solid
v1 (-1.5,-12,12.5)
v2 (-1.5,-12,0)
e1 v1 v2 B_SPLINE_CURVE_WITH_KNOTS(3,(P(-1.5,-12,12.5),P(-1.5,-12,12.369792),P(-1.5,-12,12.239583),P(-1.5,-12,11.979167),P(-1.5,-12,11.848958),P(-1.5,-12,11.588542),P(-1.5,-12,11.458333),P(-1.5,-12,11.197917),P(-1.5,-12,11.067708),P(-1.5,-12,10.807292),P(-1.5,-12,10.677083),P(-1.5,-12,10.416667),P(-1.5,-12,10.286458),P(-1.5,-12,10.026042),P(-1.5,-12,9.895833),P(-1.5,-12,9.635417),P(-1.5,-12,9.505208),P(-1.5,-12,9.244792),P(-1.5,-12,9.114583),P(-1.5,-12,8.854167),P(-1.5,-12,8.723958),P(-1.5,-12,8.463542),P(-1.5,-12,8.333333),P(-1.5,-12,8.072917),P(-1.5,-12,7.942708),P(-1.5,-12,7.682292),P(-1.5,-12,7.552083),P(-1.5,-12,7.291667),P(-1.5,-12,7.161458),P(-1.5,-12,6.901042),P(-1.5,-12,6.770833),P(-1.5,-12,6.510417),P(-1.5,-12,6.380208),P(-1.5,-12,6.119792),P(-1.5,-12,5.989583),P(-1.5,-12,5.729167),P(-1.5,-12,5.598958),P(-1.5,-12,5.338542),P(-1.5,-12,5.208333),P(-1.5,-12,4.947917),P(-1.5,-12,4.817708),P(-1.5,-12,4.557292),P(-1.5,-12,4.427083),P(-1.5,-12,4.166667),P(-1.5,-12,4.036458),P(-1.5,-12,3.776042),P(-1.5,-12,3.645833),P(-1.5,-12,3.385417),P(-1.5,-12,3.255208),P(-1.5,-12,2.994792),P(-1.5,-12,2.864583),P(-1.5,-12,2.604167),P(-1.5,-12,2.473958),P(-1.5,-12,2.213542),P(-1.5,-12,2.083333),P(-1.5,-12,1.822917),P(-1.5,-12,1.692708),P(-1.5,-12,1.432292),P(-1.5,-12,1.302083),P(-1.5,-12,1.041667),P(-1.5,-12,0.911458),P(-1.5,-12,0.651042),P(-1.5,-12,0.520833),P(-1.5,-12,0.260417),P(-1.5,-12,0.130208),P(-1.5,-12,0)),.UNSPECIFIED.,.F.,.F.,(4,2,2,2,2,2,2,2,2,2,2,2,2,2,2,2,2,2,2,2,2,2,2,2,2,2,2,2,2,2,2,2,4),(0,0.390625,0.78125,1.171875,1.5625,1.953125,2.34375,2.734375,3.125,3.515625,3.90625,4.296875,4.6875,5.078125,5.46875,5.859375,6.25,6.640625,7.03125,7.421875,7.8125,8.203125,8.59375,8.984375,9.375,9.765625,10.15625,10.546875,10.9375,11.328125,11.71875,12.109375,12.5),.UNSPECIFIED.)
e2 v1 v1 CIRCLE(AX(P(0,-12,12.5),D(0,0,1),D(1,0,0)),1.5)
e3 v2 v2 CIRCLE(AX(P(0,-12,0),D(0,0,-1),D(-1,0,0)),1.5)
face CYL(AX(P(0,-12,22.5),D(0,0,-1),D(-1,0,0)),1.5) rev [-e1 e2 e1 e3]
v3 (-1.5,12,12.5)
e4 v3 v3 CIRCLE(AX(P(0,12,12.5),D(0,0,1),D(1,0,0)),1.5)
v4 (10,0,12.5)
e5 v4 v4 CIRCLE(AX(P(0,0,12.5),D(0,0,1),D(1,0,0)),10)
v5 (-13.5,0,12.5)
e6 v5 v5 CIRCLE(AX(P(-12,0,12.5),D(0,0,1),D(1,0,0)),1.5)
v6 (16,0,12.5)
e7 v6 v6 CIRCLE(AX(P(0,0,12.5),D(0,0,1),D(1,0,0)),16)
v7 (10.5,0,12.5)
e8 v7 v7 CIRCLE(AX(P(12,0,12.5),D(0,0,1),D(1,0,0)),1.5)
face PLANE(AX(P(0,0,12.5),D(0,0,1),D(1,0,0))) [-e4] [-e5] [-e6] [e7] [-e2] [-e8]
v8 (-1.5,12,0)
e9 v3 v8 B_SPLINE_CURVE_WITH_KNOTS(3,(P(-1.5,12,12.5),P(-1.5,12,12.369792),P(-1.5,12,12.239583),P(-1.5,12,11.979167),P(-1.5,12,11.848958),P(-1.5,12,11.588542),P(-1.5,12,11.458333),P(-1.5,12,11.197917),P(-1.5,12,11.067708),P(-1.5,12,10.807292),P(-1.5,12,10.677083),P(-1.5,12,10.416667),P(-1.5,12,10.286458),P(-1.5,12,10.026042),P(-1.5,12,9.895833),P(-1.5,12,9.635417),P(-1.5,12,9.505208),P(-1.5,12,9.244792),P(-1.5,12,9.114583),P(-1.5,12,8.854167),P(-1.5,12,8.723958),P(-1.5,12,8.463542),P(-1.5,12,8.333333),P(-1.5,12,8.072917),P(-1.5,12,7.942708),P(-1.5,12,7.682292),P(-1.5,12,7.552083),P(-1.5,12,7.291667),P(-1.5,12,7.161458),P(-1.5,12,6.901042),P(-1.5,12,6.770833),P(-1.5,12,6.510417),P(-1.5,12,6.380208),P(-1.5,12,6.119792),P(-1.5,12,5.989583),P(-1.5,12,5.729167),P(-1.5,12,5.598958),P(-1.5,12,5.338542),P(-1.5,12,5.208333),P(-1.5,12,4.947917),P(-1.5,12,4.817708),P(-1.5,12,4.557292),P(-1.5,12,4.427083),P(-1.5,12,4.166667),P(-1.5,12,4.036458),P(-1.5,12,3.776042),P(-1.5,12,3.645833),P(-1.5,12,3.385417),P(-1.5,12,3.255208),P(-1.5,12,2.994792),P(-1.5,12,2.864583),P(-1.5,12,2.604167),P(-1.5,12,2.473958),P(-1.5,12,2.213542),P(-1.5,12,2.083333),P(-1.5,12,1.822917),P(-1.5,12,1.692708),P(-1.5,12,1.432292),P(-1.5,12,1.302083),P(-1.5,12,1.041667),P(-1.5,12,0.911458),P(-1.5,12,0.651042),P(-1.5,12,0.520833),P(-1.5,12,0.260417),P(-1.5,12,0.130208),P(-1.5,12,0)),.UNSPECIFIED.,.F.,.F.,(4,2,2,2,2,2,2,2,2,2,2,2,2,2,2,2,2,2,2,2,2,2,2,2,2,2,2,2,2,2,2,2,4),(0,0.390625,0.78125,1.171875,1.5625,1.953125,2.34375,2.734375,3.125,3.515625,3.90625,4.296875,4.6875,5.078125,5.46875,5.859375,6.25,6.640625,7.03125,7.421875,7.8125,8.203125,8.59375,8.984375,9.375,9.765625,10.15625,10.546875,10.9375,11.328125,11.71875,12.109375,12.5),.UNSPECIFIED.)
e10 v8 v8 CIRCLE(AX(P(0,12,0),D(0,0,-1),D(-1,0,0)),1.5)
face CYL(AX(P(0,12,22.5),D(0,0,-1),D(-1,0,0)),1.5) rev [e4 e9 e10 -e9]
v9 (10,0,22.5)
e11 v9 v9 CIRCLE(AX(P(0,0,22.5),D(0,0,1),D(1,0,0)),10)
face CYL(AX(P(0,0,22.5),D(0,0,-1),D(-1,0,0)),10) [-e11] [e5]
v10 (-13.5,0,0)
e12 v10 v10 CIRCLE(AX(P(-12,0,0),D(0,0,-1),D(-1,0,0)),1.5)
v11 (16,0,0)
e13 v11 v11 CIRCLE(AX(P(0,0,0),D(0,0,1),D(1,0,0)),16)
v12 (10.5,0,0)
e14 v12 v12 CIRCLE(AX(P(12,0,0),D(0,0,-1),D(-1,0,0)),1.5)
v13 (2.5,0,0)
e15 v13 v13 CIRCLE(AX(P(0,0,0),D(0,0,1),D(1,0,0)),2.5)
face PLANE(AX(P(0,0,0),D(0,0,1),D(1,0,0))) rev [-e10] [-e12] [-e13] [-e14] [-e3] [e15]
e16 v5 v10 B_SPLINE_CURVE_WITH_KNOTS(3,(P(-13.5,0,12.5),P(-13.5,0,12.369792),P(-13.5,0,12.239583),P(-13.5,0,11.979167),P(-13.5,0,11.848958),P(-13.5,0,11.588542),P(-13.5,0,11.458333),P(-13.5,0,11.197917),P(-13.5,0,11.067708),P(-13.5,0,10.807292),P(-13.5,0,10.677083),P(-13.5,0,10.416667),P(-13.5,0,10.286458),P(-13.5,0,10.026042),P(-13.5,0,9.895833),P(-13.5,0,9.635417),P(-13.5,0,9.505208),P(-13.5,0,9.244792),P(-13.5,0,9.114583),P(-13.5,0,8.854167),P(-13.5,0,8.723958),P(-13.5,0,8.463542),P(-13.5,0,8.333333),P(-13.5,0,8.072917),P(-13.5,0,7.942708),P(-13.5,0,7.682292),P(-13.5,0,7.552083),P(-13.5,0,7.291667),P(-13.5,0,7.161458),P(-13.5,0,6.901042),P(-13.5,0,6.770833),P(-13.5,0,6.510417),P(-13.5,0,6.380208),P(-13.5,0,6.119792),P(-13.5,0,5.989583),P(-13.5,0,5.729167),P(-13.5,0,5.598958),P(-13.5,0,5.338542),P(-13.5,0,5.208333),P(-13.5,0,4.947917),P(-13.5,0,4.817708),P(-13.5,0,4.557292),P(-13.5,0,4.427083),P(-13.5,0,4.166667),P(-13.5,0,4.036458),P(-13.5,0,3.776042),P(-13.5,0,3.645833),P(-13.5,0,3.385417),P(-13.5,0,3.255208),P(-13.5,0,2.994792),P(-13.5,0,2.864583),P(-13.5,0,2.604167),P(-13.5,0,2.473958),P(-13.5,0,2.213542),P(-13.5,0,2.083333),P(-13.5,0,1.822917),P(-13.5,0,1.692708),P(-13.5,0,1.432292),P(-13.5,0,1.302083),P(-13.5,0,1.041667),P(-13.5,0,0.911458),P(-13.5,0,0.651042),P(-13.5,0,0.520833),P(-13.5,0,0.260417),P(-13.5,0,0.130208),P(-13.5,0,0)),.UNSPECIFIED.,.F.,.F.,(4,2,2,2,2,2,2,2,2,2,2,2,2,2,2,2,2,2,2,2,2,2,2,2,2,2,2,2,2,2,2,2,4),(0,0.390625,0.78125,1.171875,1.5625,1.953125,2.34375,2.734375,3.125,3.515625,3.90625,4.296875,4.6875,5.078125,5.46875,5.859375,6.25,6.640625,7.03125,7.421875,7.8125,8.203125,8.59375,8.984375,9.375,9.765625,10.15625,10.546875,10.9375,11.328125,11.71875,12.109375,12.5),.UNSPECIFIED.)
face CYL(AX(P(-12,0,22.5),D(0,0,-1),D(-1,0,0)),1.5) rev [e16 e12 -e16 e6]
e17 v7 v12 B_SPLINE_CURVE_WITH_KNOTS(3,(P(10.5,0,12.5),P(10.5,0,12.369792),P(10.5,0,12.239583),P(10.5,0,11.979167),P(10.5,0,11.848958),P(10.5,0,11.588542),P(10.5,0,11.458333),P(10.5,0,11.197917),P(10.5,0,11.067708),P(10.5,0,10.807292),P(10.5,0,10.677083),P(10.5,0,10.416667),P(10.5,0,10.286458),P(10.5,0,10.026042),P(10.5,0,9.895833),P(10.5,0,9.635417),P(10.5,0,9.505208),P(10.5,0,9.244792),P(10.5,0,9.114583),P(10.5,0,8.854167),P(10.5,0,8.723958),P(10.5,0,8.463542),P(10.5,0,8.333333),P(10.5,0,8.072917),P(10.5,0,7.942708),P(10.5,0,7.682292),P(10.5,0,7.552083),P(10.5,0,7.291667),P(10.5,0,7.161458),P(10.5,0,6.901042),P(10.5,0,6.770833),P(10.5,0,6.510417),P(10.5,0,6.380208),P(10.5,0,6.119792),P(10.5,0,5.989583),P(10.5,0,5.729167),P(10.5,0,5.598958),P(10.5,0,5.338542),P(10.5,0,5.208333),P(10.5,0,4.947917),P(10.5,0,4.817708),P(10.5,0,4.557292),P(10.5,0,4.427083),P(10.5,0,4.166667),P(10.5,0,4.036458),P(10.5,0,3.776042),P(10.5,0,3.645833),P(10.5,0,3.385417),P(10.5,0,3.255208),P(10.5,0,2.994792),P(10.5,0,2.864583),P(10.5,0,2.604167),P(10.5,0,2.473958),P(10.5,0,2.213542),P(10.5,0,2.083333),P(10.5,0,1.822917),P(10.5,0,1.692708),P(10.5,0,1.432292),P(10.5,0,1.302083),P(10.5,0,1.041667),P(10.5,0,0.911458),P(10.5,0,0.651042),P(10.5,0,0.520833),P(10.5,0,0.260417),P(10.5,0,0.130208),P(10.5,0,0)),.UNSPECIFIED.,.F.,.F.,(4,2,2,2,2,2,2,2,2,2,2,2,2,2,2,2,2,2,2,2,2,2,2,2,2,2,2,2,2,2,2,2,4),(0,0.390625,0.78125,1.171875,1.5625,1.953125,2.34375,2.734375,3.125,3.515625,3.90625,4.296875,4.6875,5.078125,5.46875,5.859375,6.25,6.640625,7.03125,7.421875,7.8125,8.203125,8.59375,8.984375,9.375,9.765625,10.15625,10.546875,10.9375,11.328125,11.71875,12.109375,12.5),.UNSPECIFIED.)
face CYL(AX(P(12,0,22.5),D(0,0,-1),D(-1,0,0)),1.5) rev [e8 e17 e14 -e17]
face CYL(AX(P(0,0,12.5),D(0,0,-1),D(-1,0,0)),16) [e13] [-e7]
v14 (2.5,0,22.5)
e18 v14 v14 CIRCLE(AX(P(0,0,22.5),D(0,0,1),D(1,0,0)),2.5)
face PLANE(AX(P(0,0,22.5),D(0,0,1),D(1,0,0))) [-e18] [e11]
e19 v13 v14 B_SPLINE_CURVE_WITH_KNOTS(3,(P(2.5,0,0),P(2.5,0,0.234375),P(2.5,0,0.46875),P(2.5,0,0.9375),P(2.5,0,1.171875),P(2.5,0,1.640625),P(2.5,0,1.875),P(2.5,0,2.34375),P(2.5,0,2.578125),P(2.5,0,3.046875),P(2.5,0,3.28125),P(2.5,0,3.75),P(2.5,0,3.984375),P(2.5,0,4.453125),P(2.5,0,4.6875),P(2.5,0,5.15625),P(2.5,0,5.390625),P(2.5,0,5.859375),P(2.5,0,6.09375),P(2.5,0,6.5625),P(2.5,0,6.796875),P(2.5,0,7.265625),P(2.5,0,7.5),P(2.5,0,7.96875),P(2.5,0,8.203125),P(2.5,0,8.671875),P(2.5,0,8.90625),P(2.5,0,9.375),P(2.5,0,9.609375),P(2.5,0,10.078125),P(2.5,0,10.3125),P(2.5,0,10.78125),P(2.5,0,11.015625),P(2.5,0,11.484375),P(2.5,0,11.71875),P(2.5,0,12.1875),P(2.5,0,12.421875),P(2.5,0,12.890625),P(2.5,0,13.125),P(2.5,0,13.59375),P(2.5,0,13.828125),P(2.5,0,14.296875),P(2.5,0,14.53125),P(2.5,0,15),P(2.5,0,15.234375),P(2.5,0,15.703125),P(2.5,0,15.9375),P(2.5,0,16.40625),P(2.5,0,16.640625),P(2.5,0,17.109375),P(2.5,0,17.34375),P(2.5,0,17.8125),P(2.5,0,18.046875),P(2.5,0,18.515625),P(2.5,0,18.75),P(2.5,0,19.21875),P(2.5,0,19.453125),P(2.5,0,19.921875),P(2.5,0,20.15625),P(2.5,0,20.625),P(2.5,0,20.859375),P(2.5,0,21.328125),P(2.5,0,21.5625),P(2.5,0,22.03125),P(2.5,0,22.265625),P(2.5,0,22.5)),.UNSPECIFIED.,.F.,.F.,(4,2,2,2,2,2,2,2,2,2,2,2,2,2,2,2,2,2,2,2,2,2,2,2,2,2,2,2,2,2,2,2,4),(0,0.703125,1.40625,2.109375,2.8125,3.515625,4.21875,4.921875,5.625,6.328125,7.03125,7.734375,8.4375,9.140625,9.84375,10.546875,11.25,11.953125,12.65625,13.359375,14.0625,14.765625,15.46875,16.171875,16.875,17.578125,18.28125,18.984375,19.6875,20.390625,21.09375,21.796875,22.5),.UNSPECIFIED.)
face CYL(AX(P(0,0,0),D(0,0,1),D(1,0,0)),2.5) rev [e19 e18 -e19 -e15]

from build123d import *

# Parameters (mm, degrees)
SKETCH_1_R          = 16
EXTRUDE_1_DEPTH     = 12.5
SKETCH_2_R          = 10
EXTRUDE_2_DEPTH     = 10
SKETCH_3_R          = 2.5
CUT_EXTRUDE_1_DEPTH = 32.910029771
SKETCH_4_R          = 1.5
CUT_EXTRUDE_2_DEPTH = 32.910029771


with BuildPart() as part:
    # 草图1 → 凸台-拉伸1 (new body)
    with BuildSketch(Plane.XY):
        Circle(SKETCH_1_R)
    extrude(amount=EXTRUDE_1_DEPTH)

    # 草图2 → 凸台-拉伸2 (add)
    with BuildSketch(Plane.XY.offset(12.5)):
        Circle(SKETCH_2_R)
    extrude(amount=EXTRUDE_2_DEPTH)

    # 草图3 → 切除-拉伸1 (cut, through all)
    with BuildSketch(Plane.XY.offset(22.5)):
        Circle(SKETCH_3_R)
    extrude(amount=-CUT_EXTRUDE_1_DEPTH, mode=Mode.SUBTRACT)

    # 草图4 → 切除-拉伸2 (cut, through all)
    with BuildSketch(Plane(origin=(0, 0, 0), x_dir=(-1, 0, 0), z_dir=(0, 0, -1))):
        with Locations((0, 12)):
            Circle(SKETCH_4_R)
        with Locations((12, 0)):
            Circle(SKETCH_4_R)
        with Locations((0, -12)):
            Circle(SKETCH_4_R)
        with Locations((-12, 0)):
            Circle(SKETCH_4_R)
    extrude(amount=-CUT_EXTRUDE_2_DEPTH, mode=Mode.SUBTRACT)


solid = part.part
